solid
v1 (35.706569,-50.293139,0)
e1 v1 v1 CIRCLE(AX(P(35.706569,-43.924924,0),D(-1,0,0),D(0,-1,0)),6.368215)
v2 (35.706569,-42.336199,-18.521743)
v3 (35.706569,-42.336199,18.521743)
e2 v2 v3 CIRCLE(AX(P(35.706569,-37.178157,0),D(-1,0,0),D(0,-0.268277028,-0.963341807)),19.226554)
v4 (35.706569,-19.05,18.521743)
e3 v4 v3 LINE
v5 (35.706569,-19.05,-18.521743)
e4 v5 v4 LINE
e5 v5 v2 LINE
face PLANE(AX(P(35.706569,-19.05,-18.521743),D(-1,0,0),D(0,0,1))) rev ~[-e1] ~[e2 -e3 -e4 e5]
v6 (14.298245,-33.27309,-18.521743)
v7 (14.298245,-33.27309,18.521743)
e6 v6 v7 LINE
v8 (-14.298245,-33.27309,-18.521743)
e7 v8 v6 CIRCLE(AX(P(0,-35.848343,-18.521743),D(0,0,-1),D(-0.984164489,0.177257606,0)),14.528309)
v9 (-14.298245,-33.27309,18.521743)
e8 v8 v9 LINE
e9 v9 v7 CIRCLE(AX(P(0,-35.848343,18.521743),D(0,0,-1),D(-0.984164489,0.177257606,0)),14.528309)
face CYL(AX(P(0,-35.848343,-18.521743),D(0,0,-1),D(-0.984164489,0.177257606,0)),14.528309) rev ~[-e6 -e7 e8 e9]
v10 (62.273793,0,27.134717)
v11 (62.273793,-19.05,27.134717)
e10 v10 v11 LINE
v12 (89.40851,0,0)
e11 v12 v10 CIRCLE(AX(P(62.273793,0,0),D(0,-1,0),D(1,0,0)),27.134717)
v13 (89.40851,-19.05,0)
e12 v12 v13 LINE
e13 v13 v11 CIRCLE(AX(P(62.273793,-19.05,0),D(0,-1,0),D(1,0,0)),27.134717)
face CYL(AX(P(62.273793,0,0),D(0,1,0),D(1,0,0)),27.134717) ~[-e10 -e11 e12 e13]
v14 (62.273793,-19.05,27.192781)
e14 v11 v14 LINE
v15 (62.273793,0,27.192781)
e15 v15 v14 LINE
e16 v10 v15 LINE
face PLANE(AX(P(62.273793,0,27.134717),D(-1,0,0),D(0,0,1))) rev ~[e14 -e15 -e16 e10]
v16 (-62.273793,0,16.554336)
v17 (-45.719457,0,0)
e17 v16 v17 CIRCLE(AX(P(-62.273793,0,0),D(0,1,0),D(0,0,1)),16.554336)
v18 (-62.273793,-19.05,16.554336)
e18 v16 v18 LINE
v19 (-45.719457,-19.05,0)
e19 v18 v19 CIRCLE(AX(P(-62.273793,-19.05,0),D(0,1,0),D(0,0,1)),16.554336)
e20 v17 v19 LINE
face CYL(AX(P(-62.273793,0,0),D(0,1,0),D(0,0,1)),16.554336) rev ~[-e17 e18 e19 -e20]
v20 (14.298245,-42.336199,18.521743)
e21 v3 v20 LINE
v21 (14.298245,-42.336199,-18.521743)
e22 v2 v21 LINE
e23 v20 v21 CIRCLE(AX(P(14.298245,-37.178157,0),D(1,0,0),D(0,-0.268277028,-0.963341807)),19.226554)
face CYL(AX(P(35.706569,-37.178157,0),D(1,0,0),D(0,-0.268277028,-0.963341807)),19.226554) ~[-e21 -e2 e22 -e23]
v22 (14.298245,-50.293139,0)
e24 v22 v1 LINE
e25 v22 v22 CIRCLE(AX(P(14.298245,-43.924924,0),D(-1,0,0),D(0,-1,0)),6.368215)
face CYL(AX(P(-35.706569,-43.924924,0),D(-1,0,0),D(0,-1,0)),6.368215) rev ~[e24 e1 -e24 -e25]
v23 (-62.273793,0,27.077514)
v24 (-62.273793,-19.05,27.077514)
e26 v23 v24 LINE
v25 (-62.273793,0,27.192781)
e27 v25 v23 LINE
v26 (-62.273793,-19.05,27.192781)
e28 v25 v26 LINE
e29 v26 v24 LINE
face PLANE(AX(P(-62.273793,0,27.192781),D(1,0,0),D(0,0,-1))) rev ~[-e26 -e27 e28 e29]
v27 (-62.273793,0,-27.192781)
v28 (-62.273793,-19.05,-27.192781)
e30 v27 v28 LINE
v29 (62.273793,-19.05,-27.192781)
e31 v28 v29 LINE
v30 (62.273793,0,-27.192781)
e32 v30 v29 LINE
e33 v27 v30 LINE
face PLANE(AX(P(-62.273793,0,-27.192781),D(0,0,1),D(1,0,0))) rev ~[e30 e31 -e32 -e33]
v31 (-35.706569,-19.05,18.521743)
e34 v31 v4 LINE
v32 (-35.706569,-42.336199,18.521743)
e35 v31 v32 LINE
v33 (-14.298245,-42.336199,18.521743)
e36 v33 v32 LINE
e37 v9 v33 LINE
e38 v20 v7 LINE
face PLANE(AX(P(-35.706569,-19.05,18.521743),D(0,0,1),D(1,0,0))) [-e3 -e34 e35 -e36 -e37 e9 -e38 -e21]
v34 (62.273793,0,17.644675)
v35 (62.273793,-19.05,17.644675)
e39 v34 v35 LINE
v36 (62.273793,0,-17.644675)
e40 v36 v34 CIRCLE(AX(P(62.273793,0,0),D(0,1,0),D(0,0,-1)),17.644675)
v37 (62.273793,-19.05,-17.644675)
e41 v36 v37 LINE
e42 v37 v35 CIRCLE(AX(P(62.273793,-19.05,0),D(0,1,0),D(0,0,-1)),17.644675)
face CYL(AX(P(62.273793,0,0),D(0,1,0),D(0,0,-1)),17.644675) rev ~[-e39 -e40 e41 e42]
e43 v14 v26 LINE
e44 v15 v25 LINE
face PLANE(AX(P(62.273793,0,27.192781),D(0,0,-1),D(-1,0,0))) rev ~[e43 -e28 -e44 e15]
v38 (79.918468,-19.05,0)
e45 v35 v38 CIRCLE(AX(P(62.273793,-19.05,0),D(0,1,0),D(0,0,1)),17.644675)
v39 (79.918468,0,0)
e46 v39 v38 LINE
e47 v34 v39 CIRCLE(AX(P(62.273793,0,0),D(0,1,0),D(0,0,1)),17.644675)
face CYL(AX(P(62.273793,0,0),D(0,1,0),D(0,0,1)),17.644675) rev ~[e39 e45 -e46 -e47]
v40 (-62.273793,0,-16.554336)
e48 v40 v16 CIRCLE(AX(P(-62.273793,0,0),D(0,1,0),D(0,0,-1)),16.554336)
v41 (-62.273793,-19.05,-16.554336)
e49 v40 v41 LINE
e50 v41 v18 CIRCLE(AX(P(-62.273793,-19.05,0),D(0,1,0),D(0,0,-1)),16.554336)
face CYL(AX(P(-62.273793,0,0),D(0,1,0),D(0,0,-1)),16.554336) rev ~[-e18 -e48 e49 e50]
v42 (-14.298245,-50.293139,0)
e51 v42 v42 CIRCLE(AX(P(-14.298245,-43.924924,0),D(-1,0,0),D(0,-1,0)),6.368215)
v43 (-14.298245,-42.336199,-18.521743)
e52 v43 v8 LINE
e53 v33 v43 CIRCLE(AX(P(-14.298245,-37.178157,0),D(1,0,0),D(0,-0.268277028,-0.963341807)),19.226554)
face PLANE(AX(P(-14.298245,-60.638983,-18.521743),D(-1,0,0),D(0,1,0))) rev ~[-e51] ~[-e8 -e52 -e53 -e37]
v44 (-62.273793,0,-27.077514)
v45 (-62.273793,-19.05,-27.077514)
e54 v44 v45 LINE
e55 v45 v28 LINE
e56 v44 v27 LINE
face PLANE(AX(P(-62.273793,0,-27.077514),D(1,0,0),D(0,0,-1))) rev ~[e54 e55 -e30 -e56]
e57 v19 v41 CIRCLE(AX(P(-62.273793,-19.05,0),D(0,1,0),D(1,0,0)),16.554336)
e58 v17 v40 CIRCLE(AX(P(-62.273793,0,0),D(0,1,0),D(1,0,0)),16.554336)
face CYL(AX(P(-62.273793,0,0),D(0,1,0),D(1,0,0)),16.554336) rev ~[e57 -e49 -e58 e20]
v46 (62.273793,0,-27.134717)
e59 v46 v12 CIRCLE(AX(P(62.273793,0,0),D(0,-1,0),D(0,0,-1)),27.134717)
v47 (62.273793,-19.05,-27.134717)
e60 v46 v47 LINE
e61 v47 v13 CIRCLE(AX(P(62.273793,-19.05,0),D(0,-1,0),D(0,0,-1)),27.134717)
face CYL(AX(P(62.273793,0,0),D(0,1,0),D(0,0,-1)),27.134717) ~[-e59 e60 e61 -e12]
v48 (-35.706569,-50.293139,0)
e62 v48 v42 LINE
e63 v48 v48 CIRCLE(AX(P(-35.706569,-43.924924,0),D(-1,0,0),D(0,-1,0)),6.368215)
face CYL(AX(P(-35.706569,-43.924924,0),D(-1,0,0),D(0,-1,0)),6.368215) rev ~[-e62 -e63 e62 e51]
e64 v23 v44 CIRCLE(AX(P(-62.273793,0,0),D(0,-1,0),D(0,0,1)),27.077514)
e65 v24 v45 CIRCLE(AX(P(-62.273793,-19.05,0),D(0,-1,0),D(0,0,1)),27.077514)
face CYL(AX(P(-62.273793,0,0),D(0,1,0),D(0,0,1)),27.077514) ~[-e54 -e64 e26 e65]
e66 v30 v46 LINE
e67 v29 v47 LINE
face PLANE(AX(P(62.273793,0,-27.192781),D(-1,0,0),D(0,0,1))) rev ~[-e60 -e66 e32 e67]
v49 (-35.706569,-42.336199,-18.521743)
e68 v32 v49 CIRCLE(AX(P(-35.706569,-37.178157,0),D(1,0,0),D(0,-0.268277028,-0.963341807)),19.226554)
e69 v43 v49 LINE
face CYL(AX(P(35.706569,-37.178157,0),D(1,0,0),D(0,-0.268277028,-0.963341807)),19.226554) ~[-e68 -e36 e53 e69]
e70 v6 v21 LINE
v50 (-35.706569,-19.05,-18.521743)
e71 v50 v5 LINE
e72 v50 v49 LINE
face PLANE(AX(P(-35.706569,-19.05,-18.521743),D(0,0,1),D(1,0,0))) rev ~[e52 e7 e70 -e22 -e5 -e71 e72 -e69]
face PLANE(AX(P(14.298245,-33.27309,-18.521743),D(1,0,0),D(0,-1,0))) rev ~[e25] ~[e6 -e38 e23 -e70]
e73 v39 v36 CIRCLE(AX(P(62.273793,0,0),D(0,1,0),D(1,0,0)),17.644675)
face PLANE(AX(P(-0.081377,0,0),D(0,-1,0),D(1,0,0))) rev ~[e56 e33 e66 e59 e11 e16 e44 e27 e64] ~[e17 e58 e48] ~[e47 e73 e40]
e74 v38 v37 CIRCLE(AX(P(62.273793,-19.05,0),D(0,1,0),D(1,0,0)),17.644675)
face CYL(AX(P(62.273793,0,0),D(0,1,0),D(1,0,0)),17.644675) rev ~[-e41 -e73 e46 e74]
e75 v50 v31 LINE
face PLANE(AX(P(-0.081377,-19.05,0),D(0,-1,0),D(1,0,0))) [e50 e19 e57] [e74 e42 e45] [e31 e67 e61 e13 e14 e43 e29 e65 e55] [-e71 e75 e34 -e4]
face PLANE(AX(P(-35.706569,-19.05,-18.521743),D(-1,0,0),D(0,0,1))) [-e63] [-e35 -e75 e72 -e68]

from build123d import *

# Parameters (mm, degrees)
F1_DEPTH = 19.05
F2_W     = 71.4131370187
F2_H     = 37.0434857905
F3_DEPTH = 38.1
F5_DEPTH = 125.0588758598
F6_W     = 28.5964906216
F6_H     = 18.30278337
F6_H_2   = 9.0631097555
F7_DEPTH = 45.7155236433
F8_R     = 6.3682145367
F9_DEPTH = 125.1160786257


with BuildPart() as f1:
    # F0 (on Front) → F1 (new body)
    with BuildSketch(Plane.XZ):
        with BuildLine():
            Line((62.2737929225, 27.192780748), (-62.2737929225, 27.192780748))
            Line((-62.2737929225, 27.192780748), (-62.2737929225, 27.077514428))
            ThreePointArc((-62.2737929225, 27.077514428), (-43.1270988528, 19.1466940697), (-35.1962784945, 0))
            ThreePointArc((-35.1962784945, 0), (-43.1270988528, -19.1466940697), (-62.2737929225, -27.077514428))
            Line((-62.2737929225, -27.077514428), (-62.2737929225, -27.192780748))
            Line((-62.2737929225, -27.192780748), (62.2737929225, -27.192780748))
            Line((62.2737929225, -27.192780748), (62.2737929225, -27.1347171939))
            ThreePointArc((62.2737929225, -27.1347171939), (35.1390757286, 0), (62.2737929225, 27.1347171939))
            Line((62.2737929225, 27.1347171939), (62.2737929225, 27.192780748))
        make_face()
        with BuildLine():
            ThreePointArc((-35.1962784945, 0), (-43.1270988528, 19.1466940697), (-62.2737929225, 27.077514428))
            Line((-62.2737929225, 27.077514428), (-62.2737929225, 16.5543363838))
            ThreePointArc((-62.2737929225, 16.5543363838), (-50.5681094075, 11.705683515), (-45.7194565387, 0))
            ThreePointArc((-45.7194565387, 0), (-50.5681094075, -11.705683515), (-62.2737929225, -16.5543363838))
            Line((-62.2737929225, -16.5543363838), (-62.2737929225, -27.077514428))
            ThreePointArc((-62.2737929225, -27.077514428), (-43.1270988528, -19.1466940697), (-35.1962784945, 0))
        make_face()
        with BuildLine():
            Line((-62.2737929225, 16.5543363838), (-62.2737929225, 27.077514428))
            ThreePointArc((-62.2737929225, 27.077514428), (-89.3513073505, 0), (-62.2737929225, -27.077514428))
            Line((-62.2737929225, -27.077514428), (-62.2737929225, -16.5543363838))
            ThreePointArc((-62.2737929225, -16.5543363838), (-78.8281293062, 0), (-62.2737929225, 16.5543363838))
        make_face()
        with BuildLine():
            Line((62.2737929225, 17.6446747149), (62.2737929225, 27.1347171939))
            ThreePointArc((62.2737929225, 27.1347171939), (35.1390757286, 0), (62.2737929225, -27.1347171939))
            Line((62.2737929225, -27.1347171939), (62.2737929225, -17.6446747149))
            ThreePointArc((62.2737929225, -17.6446747149), (44.6291182076, 0), (62.2737929225, 17.6446747149))
        make_face()
        with BuildLine():
            ThreePointArc((89.4085101164, 0), (81.4609354559, 19.1871425334), (62.2737929225, 27.1347171939))
            Line((62.2737929225, 27.1347171939), (62.2737929225, 17.6446747149))
            ThreePointArc((62.2737929225, 17.6446747149), (74.7504620652, 12.4766691427), (79.9184676374, 0))
            ThreePointArc((79.9184676374, 0), (74.7504620652, -12.4766691427), (62.2737929225, -17.6446747149))
            Line((62.2737929225, -17.6446747149), (62.2737929225, -27.1347171939))
            ThreePointArc((62.2737929225, -27.1347171939), (81.4609354559, -19.1871425334), (89.4085101164, 0))
        make_face()
    extrude(amount=F1_DEPTH)

    # F2 (on face) → F3 (join)
    with BuildSketch(Plane.XZ.offset(19.05)):
        Rectangle(F2_W, F2_H)
    extrude(amount=F3_DEPTH)

    # F4 (on face) → F5 (cut, through all)
    with BuildSketch(Plane.YZ.offset(35.7065685093)):
        with BuildLine():
            ThreePointArc((-42.3361994326, -18.5217428952), (-56.4047103889, 0), (-42.3361994326, 18.5217428952))
            Line((-42.3361994326, 18.5217428952), (-57.15, 18.5217428952))
            Line((-57.15, 18.5217428952), (-57.15, -18.5217428952))
            Line((-57.15, -18.5217428952), (-42.3361994326, -18.5217428952))
        make_face()
    extrude(amount=-F5_DEPTH, mode=Mode.SUBTRACT)

    # F6 (on face) → F7 (cut, through all)
    with BuildSketch(Plane(origin=(0, 0, -18.5217428952), x_dir=(1, 0, 0), z_dir=(0, 0, -1))):
        with Locations((0, 51.4875911176)):
            Rectangle(F6_W, F6_H)
        with Locations((0, 37.8046445549)):
            Rectangle(F6_W, F6_H_2)
        with BuildLine():
            Line((14.2982453108, 33.2730896771), (-14.2982453108, 33.2730896771))
            ThreePointArc((-14.2982453108, 33.2730896771), (0, 21.3200343577), (14.2982453108, 33.2730896771))
        make_face()
    extrude(amount=-F7_DEPTH, mode=Mode.SUBTRACT)

    # F8 (on face) → F9 (cut, through all)
    with BuildSketch(Plane(origin=(-35.7065685093, 0, 0), x_dir=(0, -1, 0), z_dir=(-1, 0, 0))):
        with Locations((43.9249239862, 0)):
            Circle(F8_R)
    extrude(amount=-F9_DEPTH, mode=Mode.SUBTRACT)


solid = f1.part
